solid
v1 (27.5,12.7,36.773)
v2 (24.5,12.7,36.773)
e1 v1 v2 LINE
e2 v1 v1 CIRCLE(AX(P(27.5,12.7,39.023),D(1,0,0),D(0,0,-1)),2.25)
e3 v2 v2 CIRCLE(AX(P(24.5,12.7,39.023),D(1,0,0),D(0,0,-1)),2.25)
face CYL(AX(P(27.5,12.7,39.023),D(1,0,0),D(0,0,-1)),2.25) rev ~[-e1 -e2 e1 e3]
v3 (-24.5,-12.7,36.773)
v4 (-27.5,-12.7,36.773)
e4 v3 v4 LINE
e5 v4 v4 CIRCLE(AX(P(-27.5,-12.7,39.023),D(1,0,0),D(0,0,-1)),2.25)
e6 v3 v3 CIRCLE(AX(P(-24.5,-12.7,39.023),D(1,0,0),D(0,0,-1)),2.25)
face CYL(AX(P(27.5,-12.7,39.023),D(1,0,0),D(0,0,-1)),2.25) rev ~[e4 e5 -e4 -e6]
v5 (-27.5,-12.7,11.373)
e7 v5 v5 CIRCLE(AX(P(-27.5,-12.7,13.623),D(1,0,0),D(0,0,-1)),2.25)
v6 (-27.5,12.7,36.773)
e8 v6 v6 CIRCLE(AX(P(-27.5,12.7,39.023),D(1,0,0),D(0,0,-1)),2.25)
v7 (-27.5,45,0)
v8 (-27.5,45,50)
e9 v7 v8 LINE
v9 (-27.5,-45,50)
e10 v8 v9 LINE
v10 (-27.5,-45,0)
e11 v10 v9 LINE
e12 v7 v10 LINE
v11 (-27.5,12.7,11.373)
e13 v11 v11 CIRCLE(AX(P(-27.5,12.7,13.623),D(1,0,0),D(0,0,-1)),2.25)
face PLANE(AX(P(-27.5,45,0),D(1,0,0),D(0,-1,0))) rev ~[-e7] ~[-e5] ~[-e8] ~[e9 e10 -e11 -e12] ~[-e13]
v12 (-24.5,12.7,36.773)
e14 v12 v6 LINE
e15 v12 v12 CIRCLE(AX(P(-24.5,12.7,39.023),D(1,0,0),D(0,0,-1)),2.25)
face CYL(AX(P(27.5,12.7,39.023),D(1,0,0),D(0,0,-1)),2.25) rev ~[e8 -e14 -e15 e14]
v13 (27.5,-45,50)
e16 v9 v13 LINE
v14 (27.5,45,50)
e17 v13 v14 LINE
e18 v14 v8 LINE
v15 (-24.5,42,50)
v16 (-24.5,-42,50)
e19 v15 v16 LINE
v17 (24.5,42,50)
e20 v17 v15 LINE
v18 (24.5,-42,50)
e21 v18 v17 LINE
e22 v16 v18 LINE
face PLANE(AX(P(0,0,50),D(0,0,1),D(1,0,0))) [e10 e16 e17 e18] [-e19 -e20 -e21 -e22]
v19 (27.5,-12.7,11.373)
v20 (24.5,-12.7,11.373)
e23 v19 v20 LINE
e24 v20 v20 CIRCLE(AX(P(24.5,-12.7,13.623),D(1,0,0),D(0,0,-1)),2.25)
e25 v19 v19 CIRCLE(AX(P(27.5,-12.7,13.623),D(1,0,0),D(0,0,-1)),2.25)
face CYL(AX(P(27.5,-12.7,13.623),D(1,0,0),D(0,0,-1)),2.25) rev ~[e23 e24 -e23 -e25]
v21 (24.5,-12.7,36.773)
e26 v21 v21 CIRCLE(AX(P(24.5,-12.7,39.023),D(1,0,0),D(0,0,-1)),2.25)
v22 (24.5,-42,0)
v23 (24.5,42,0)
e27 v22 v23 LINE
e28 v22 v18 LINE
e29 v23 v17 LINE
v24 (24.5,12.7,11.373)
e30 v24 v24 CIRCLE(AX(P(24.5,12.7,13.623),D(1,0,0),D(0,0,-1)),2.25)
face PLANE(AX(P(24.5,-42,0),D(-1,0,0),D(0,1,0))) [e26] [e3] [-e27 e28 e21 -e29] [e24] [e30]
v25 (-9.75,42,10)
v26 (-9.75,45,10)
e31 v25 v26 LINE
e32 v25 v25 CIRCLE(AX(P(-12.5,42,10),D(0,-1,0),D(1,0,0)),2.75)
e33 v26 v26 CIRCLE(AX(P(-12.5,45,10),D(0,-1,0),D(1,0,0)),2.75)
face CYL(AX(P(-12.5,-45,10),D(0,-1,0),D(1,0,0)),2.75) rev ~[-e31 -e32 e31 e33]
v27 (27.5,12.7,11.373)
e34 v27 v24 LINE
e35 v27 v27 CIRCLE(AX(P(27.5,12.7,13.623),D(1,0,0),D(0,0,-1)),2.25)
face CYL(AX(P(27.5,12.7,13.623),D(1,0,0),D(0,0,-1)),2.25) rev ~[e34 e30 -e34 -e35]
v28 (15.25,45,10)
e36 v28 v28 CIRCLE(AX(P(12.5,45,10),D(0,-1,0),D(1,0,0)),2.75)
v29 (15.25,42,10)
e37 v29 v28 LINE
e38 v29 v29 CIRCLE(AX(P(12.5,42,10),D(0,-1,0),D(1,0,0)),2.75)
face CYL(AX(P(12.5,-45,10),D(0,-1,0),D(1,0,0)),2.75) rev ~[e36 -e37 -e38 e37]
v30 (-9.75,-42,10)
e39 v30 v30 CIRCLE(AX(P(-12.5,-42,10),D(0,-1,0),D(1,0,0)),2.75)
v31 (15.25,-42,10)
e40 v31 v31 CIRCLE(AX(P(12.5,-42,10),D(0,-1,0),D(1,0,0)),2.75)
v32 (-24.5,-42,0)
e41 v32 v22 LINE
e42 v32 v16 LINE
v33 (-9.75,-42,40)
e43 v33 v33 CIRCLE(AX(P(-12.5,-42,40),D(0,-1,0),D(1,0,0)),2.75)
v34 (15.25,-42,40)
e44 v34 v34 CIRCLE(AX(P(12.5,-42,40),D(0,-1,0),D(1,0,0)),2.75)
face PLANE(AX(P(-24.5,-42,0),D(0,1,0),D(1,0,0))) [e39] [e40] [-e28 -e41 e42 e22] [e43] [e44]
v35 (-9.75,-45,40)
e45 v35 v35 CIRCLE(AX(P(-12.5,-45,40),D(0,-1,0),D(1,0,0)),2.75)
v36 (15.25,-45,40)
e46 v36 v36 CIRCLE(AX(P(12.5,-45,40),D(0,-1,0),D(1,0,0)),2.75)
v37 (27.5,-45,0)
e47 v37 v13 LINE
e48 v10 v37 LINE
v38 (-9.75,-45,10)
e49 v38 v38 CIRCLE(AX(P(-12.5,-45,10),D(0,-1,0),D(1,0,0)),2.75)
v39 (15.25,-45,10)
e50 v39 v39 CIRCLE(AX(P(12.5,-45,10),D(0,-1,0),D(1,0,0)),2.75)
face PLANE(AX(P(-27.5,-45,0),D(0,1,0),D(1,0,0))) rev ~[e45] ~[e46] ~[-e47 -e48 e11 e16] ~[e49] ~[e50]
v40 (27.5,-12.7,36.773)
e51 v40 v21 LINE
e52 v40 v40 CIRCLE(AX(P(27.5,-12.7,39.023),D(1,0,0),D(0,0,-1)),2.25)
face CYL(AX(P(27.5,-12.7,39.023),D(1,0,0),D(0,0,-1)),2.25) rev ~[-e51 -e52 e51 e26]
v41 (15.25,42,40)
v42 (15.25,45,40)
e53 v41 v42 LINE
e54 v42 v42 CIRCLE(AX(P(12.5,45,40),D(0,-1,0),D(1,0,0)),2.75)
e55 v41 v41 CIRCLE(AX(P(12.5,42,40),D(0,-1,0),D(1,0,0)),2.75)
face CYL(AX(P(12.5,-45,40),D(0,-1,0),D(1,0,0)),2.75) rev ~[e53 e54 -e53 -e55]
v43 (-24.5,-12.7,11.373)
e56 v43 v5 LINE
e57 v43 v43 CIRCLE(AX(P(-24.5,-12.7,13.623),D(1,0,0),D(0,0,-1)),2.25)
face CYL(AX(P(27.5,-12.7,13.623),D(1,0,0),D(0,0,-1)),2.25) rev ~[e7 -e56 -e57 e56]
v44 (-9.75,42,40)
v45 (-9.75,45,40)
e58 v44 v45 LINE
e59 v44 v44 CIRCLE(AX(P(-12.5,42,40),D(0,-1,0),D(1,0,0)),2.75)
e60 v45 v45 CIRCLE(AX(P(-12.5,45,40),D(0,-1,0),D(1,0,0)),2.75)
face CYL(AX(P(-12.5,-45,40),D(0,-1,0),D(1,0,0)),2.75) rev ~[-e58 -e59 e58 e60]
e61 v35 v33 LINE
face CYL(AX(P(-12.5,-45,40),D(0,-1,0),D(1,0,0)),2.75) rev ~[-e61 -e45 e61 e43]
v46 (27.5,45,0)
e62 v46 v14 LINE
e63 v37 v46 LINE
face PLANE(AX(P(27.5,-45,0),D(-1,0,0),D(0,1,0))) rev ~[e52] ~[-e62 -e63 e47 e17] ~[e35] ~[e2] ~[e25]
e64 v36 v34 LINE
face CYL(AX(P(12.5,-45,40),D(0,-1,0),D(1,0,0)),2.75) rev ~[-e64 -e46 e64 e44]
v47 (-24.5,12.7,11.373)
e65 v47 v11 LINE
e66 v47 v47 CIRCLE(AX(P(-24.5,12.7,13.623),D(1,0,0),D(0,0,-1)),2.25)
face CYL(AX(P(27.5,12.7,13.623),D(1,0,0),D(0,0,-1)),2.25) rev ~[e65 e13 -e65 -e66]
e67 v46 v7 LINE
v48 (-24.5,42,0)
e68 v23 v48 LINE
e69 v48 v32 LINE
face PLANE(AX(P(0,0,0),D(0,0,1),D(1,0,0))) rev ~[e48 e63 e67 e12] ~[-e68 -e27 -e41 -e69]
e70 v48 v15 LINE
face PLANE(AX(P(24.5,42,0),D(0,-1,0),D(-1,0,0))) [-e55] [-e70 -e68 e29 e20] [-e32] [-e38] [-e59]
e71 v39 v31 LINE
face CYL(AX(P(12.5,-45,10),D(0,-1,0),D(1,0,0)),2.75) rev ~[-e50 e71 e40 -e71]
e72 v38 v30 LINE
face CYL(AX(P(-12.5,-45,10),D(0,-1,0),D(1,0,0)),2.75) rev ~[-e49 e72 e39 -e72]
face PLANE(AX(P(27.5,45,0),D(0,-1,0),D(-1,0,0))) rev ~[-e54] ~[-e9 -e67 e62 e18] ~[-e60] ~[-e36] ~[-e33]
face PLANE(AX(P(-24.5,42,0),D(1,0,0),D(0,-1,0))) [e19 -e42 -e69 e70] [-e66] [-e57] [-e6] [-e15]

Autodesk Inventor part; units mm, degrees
ref_plane "YZ Plane" through (0, 0, 0) normal (1, 0, 0) x (0, 1, 0)
ref_plane "XZ Plane" through (0, 0, 0) normal (0, 1, 0) x (-1, 0, 0)
ref_plane "XY Plane" through (0, 0, 0) normal (0, 0, 1) x (1, 0, 0)
sketch "Sketch1" plane through (0, 0, 0) normal (0, 0, 1) x (1, 0, 0)
  line L0 (-27.5, -45) -> (27.5, -45)
  line L1 (27.5, -45) -> (27.5, 45)
  line L2 (27.5, 45) -> (-27.5, 45)
  line L3 (-27.5, 45) -> (-27.5, -45)
  line L4 (-27.5, -45) -> (27.5, 45) construction
  line L5 (27.5, -45) -> (-27.5, 45) construction
  line L6 (-24.5, -42) -> (24.5, -42)
  line L7 (24.5, -42) -> (24.5, 42)
  line L8 (24.5, 42) -> (-24.5, 42)
  line L9 (-24.5, 42) -> (-24.5, -42)
  line L10 (-24.5, -42) -> (24.5, 42) construction
  line L11 (24.5, -42) -> (-24.5, 42) construction
  point P0 (0, 0)
  dimension "d0" = 55
  dimension "d1" = 90
  dimension "d2" = 49
  dimension "d3" = 84
extrude "Extrusion1" add sketch "Sketch1" along normal blind 50
sketch "Sketch2" plane through (-27.5, -45, 0) normal (0, -1, 0) x (1, 0, 0)
  circle A0 centre (15, 40) radius 2.75
  circle A1 centre (40, 40) radius 2.75
  circle A2 centre (15, 10) radius 2.75
  circle A3 centre (40, 10) radius 2.75
  line L0 (55, 0) -> (55, 50) projected
  line L1 (0, 50) -> (55, 50) projected
  line L2 (0, 0) -> (55, 0) projected
  line L3 (0, 0) -> (0, 50) projected
  point P0 (27.5, 0)
  dimension "d6" = 5.5
  dimension "d7" = 5.5
  dimension "d8" = 5.5
  dimension "d9" = 5.5
  dimension "d10" = 15
  dimension "d11" = 10
  dimension "d12" = 15
  dimension "d13" = 10
  dimension "d14" = 10
  dimension "d15" = 15
  dimension "d16" = 15
  dimension "d17" = 10
extrude "Extrusion2" cut sketch "Sketch2" against normal blind 97.625 contours A0 | A1 | A2 | A3
sketch "Sketch3" plane through (27.5, -45, 0) normal (1, 0, 0) x (0, 0, -1)
  circle A0 centre (-39.023, 57.7) radius 2.25
  circle A1 centre (-13.623, 57.7) radius 2.25
  circle A2 centre (-39.023, 32.3) radius 2.25
  circle A3 centre (-13.623, 32.3) radius 2.25
  line L0 (0, 90) -> (-50, 90) projected
  line L1 (0, 0) -> (0, 90) projected
  point P0 (0, 45)
  dimension "d20" = 4.5
  dimension "d21" = 4.5
  dimension "d22" = 4.5
  dimension "d23" = 4.5
  dimension "d24" = 25.4
  dimension "d25" = 25.4
  dimension "d26" = 25.4
  dimension "d27" = 25.4
  dimension "d29" = 25.4
  dimension "d30" = 25.4
  dimension "d31" = 32.3
  dimension "d32" = 13.623
extrude "Extrusion3" cut sketch "Sketch3" against normal blind 60
properties part number "Front Motor Connector"
